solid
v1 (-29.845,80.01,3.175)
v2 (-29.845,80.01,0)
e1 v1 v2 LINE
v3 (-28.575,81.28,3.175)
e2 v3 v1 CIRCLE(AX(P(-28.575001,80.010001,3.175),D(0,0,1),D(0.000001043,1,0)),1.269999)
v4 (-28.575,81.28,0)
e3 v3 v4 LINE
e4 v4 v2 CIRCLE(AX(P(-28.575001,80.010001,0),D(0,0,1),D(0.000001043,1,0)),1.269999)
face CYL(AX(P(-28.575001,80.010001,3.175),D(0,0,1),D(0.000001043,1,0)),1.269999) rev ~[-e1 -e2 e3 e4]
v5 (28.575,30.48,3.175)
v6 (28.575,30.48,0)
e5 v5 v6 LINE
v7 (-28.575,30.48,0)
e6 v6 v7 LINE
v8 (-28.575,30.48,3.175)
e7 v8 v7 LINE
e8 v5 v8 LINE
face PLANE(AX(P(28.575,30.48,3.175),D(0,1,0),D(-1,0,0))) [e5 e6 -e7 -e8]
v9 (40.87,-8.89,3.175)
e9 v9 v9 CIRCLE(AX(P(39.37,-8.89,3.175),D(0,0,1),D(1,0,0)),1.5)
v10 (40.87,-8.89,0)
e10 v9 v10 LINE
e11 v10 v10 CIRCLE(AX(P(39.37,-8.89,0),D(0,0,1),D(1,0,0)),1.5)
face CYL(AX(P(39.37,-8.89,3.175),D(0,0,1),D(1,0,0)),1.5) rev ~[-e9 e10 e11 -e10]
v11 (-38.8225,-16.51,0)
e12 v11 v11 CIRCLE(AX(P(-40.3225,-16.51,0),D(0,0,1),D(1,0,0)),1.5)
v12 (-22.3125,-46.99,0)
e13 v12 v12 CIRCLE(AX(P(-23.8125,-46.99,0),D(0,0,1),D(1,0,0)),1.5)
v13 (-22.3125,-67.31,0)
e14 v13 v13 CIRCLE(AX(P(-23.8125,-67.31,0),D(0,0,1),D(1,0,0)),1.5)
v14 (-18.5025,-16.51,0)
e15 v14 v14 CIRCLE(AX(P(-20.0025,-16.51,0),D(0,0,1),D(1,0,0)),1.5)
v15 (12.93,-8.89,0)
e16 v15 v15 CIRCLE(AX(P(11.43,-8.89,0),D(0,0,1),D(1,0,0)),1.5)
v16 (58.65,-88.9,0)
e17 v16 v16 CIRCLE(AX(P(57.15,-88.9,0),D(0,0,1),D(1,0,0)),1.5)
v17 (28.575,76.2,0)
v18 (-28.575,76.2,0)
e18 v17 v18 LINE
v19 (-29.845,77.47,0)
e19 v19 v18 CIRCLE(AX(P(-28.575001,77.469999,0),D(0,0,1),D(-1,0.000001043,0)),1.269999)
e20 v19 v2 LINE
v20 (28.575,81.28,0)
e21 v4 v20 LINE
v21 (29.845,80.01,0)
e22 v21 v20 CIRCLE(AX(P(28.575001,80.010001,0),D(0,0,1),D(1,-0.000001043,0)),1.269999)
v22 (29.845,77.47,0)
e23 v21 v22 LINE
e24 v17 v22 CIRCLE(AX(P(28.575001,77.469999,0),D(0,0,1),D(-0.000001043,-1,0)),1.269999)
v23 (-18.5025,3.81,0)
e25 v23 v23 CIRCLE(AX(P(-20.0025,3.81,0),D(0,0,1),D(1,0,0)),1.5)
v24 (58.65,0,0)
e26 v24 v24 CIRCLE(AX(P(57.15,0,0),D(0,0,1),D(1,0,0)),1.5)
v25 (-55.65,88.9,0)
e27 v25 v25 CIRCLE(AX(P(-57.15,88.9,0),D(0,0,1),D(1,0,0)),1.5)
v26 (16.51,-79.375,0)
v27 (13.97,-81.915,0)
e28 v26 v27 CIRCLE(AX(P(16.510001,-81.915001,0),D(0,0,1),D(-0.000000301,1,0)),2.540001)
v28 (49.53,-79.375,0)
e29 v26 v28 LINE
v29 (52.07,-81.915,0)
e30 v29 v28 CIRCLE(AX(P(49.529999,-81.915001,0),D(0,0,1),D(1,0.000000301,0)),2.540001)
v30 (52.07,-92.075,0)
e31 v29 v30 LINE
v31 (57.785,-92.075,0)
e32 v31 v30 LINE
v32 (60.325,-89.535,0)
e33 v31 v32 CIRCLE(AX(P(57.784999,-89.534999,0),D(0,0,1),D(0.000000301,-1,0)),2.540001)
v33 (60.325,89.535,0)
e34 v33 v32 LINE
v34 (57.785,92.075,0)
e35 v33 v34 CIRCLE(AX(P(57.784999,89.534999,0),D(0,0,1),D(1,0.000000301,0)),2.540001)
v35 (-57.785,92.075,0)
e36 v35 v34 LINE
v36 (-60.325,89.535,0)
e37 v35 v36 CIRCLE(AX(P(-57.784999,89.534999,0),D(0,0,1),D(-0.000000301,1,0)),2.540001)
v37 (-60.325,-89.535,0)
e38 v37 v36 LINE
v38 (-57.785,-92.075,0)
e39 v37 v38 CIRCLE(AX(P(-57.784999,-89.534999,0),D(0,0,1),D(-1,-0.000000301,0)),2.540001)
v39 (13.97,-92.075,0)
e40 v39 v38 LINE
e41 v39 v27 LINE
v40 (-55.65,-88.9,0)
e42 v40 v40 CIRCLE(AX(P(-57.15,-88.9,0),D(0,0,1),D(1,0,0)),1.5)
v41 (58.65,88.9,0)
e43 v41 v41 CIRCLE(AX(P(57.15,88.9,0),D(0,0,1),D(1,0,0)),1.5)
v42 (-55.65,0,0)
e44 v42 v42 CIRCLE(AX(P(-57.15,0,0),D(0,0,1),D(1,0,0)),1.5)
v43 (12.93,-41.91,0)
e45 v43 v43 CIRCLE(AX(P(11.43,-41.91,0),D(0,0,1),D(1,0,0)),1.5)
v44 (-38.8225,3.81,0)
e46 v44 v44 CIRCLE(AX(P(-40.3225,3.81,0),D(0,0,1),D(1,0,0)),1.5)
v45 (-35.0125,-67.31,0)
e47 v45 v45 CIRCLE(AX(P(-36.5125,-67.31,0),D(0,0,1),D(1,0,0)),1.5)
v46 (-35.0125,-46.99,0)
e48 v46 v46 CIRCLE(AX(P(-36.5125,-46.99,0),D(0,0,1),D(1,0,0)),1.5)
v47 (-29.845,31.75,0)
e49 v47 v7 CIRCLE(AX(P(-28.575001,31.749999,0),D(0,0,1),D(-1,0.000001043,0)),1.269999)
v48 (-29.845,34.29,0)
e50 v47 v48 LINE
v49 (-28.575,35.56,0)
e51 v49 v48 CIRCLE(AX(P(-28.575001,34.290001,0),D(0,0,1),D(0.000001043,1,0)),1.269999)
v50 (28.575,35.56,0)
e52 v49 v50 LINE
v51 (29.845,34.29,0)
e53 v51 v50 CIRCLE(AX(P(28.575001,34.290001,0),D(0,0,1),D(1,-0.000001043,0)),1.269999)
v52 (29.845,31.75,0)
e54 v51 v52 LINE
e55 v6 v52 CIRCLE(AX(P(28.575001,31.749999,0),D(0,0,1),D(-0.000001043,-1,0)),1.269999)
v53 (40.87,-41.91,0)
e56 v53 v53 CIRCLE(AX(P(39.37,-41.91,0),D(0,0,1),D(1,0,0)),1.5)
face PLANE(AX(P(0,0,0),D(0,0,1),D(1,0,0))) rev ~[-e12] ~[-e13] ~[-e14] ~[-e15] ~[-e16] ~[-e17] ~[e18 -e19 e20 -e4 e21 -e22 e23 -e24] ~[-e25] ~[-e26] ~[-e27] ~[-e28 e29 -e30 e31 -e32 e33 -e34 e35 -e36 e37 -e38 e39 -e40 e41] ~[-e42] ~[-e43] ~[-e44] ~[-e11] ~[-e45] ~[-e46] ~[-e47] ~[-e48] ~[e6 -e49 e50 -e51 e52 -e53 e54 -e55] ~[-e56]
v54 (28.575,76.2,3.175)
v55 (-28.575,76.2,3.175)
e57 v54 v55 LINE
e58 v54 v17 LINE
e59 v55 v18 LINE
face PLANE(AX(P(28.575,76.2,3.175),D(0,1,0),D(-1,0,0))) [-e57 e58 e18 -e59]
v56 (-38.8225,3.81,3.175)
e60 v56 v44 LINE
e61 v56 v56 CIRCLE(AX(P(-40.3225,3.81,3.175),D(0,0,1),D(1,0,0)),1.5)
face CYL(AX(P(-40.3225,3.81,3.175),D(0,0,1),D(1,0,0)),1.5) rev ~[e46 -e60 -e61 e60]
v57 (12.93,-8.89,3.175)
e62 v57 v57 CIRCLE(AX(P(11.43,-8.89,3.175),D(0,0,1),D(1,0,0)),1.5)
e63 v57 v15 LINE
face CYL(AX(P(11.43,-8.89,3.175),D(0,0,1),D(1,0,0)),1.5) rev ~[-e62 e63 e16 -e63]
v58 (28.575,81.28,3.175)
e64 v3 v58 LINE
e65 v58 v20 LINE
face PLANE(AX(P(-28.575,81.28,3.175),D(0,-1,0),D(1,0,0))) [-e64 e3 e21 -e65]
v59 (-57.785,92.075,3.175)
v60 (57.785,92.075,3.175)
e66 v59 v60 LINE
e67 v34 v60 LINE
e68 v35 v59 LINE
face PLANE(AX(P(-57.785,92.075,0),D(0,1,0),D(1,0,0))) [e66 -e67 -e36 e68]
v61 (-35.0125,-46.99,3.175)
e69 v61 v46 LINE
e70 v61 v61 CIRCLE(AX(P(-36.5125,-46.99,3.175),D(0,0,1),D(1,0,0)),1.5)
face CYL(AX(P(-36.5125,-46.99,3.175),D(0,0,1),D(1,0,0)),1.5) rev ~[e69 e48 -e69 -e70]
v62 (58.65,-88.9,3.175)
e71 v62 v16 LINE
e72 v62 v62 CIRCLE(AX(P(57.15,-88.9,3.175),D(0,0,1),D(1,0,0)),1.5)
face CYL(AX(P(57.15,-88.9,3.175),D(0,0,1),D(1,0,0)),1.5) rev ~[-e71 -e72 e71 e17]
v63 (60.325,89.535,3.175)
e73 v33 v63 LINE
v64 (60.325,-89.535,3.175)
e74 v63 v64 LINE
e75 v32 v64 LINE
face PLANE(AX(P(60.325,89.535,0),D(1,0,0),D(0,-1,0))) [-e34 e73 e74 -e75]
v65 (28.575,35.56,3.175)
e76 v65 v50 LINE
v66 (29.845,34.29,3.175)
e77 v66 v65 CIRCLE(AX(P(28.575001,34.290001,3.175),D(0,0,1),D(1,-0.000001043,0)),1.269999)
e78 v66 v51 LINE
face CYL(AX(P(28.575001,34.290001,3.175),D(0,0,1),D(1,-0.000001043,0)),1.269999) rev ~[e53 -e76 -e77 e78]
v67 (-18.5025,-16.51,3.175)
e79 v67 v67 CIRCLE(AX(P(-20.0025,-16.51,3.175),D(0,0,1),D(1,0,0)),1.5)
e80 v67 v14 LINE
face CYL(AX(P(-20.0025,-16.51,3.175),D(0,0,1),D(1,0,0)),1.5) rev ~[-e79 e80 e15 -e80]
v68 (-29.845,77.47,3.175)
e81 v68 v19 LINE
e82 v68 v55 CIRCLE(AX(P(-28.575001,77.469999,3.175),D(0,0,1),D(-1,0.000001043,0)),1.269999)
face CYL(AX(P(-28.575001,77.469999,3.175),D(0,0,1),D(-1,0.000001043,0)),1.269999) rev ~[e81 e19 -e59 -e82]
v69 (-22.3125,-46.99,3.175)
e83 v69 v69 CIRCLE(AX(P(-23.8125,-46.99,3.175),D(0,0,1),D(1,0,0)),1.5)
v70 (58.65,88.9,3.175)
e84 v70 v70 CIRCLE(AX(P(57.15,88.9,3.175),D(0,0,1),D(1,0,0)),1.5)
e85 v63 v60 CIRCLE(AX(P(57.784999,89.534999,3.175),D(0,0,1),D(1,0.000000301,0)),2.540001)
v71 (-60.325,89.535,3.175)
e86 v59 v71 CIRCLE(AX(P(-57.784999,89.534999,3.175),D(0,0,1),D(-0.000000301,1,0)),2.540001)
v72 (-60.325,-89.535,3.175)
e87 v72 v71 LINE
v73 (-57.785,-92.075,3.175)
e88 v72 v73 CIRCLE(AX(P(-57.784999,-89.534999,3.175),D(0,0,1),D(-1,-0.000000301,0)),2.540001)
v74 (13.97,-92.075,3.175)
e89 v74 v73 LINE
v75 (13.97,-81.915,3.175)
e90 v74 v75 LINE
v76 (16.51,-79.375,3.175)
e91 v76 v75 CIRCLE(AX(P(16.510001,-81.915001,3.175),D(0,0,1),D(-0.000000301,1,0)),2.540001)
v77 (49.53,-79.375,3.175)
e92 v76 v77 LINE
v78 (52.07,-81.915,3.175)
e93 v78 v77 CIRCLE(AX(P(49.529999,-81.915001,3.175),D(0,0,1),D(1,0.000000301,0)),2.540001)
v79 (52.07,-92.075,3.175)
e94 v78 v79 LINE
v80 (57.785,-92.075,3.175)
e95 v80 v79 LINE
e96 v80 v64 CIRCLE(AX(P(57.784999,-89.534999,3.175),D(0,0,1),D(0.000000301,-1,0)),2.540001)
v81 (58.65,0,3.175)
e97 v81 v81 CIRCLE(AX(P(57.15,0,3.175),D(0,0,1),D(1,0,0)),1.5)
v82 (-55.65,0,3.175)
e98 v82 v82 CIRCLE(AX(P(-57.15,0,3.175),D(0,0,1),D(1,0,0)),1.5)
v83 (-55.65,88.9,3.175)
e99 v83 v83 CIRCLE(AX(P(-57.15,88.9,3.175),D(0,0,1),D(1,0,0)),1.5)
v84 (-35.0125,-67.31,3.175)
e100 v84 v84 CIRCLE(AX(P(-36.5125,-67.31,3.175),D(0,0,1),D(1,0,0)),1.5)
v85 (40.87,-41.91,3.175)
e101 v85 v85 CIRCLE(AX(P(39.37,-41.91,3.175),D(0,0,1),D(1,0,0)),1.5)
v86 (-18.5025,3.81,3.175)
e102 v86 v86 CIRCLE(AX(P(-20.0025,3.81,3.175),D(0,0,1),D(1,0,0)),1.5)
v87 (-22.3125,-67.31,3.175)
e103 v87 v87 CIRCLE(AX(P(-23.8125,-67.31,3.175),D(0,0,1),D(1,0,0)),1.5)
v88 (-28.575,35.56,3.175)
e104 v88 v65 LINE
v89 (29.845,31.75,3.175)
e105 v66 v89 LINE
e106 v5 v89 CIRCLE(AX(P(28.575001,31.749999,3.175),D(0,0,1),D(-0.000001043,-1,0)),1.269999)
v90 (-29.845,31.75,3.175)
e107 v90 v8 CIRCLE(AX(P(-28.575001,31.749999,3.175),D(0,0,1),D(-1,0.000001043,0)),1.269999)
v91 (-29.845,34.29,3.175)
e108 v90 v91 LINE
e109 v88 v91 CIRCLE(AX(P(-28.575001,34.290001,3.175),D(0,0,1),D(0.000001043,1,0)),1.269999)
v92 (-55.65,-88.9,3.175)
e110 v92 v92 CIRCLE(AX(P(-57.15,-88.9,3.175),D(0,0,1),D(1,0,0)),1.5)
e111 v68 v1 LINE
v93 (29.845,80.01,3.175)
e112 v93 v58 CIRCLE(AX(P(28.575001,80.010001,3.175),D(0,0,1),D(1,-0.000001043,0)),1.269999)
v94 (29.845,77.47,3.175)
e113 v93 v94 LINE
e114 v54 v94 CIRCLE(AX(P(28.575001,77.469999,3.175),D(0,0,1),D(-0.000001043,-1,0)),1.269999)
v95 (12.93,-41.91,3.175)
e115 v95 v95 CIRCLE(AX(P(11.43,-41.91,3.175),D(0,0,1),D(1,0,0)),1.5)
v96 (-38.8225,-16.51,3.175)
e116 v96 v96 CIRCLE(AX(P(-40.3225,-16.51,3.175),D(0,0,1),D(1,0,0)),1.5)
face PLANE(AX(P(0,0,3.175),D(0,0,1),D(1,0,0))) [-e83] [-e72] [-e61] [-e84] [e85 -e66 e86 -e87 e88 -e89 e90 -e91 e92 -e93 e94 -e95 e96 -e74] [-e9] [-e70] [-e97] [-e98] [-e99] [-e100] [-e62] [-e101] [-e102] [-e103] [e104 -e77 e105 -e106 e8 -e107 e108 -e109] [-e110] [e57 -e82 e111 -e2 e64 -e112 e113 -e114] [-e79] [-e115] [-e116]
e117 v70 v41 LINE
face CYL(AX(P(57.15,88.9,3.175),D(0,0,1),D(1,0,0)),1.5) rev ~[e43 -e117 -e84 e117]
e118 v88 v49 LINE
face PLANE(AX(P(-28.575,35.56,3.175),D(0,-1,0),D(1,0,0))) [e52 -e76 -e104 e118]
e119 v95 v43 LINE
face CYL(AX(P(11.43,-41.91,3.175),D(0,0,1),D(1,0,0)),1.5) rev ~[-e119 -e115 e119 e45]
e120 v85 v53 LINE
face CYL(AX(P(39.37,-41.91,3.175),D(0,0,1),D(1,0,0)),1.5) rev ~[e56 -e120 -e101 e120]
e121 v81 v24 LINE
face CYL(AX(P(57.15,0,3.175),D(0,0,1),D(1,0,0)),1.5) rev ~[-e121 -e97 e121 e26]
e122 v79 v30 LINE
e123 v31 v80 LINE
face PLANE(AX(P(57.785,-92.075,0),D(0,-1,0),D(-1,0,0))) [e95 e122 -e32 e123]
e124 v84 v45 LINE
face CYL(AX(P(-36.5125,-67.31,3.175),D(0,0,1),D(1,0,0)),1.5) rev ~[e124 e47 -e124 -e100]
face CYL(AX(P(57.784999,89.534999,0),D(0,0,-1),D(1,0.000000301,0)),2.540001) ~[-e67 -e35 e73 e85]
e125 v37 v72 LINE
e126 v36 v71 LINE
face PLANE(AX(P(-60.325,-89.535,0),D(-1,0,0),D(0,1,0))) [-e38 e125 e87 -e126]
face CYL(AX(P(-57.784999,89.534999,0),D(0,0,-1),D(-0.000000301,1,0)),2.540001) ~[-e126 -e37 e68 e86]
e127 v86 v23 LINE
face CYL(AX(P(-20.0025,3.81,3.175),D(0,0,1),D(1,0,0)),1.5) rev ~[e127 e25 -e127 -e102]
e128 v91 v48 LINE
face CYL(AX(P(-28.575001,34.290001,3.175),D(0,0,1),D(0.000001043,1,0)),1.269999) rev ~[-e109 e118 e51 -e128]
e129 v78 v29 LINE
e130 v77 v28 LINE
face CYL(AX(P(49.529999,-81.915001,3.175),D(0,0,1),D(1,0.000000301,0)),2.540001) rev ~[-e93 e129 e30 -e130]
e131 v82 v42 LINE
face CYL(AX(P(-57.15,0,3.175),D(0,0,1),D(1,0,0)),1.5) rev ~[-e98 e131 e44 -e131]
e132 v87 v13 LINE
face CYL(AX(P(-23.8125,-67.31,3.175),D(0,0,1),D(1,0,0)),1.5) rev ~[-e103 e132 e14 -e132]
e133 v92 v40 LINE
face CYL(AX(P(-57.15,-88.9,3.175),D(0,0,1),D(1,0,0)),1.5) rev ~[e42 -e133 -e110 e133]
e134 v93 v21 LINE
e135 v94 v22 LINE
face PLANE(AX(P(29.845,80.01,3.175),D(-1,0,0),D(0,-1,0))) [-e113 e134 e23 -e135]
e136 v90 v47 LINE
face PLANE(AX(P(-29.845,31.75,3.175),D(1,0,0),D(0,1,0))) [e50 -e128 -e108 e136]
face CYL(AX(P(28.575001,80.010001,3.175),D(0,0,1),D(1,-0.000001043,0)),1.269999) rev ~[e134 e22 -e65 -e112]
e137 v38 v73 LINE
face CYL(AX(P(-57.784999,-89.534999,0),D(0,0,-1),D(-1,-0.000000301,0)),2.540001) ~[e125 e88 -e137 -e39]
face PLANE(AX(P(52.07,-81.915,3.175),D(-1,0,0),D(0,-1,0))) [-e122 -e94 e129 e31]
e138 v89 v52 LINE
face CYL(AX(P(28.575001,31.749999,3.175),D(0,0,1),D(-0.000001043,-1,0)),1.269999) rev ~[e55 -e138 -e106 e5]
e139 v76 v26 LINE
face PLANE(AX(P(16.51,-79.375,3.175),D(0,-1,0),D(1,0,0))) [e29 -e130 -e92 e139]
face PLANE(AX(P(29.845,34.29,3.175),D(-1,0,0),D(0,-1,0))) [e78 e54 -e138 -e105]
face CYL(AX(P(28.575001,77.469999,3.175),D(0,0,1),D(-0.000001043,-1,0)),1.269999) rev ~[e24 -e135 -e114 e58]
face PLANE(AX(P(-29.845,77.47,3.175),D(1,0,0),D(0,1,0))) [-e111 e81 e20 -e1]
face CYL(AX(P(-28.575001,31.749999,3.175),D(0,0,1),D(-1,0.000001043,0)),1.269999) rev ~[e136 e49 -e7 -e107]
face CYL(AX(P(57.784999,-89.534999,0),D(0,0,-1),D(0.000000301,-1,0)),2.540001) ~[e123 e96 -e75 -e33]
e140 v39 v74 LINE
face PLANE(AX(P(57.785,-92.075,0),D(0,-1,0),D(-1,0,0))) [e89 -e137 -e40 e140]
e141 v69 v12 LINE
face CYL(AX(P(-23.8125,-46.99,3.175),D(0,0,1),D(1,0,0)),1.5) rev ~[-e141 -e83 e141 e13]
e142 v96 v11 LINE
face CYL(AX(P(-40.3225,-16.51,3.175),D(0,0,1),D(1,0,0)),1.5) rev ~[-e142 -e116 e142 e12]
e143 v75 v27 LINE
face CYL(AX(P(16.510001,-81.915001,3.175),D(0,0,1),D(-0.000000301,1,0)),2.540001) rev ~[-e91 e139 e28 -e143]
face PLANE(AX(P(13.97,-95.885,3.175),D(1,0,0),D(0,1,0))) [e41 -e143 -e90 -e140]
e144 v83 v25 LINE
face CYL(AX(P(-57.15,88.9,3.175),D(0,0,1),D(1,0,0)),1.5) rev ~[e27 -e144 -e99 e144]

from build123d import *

# Parameters (mm, degrees)
PAD_DEPTH       = 3.175
SKETCH001_R     = 1.5
POCKET_DEPTH    = 3.176
POCKET001_DEPTH = 3.176
SKETCH003_R     = 1.5
POCKET002_DEPTH = 5
POCKET003_DEPTH = 3.176
SKETCH005_R     = 1.5
POCKET004_DEPTH = 3.176
SKETCH006_R     = 1.5
POCKET005_DEPTH = 3.176


with BuildPart() as part:
    # Sketch → Pad (new body)
    with BuildSketch(Plane.XY):
        with BuildLine():
            ThreePointArc((-57.785, 92.075), (-59.581051, 91.331051), (-60.325, 89.535))
            Line((-60.325, -89.535), (-60.325, 89.535))
            ThreePointArc((-60.325, -89.535), (-59.581051, -91.331051), (-57.785, -92.075))
            Line((57.785, -92.075), (-57.785, -92.075))
            ThreePointArc((57.785, -92.075), (59.581051, -91.331051), (60.325, -89.535))
            Line((60.325, 89.535), (60.325, -89.535))
            ThreePointArc((60.325, 89.535), (59.581051, 91.331051), (57.785, 92.075))
            Line((-57.785, 92.075), (57.785, 92.075))
        make_face()
    extrude(amount=PAD_DEPTH)

    # Sketch001 (on DatumPlane) → Pocket (cut, through all)
    with BuildSketch(Plane.XY.offset(3.175)):
        with Locations((-57.15, 88.9)):
            Circle(SKETCH001_R)
        with Locations((57.15, 88.9)):
            Circle(SKETCH001_R)
        with Locations((-57.15, -88.9)):
            Circle(SKETCH001_R)
        with Locations((57.15, -88.9)):
            Circle(SKETCH001_R)
        with Locations((-57.15, 0)):
            Circle(SKETCH001_R)
        with Locations((57.15, 0)):
            Circle(SKETCH001_R)
    extrude(amount=-POCKET_DEPTH, mode=Mode.SUBTRACT)

    # Sketch002 (on DatumPlane) → Pocket001 (cut, through all)
    with BuildSketch(Plane.XY.offset(3.175)):
        with BuildLine():
            ThreePointArc((-28.575, 81.28), (-29.473026, 80.908026), (-29.845, 80.01))
            Line((-29.845, 77.47), (-29.845, 80.01))
            ThreePointArc((-29.845, 77.47), (-29.473026, 76.571974), (-28.575, 76.2))
            Line((28.575, 76.2), (-28.575, 76.2))
            ThreePointArc((28.575, 76.2), (29.473026, 76.571974), (29.845, 77.47))
            Line((29.845, 80.01), (29.845, 77.47))
            ThreePointArc((29.845, 80.01), (29.473026, 80.908026), (28.575, 81.28))
            Line((-28.575, 81.28), (28.575, 81.28))
        make_face()
        with BuildLine():
            ThreePointArc((-28.575, 35.56), (-29.473026, 35.188026), (-29.845, 34.29))
            Line((-29.845, 31.75), (-29.845, 34.29))
            ThreePointArc((-29.845, 31.75), (-29.473026, 30.851974), (-28.575, 30.48))
            Line((28.575, 30.48), (-28.575, 30.48))
            ThreePointArc((28.575, 30.48), (29.473026, 30.851974), (29.845, 31.75))
            Line((29.845, 34.29), (29.845, 31.75))
            ThreePointArc((29.845, 34.29), (29.473026, 35.188026), (28.575, 35.56))
            Line((-28.575, 35.56), (28.575, 35.56))
        make_face()
    extrude(amount=-POCKET001_DEPTH, mode=Mode.SUBTRACT)

    # Sketch003 (on DatumPlane) → Pocket002 (cut)
    with BuildSketch(Plane.XY.offset(3.175)):
        with Locations((11.43, -8.89)):
            Circle(SKETCH003_R)
        with Locations((39.37, -8.89)):
            Circle(SKETCH003_R)
        with Locations((11.43, -41.91)):
            Circle(SKETCH003_R)
        with Locations((39.37, -41.91)):
            Circle(SKETCH003_R)
    extrude(amount=-POCKET002_DEPTH, mode=Mode.SUBTRACT)

    # Sketch004 (on DatumPlane) → Pocket003 (cut, through all)
    with BuildSketch(Plane.XY.offset(3.175)):
        with BuildLine():
            Line((13.97, -92.075), (13.97, -81.915))
            ThreePointArc((16.51, -79.375), (14.713949, -80.118949), (13.97, -81.915))
            Line((16.51, -79.375), (49.53, -79.375))
            ThreePointArc((52.07, -81.915), (51.326051, -80.118949), (49.53, -79.375))
            Line((52.07, -81.915), (52.07, -92.075))
            Line((52.07, -92.075), (52.07, -95.885))
            ThreePointArc((49.53, -98.425), (51.326051, -97.681051), (52.07, -95.885))
            Line((49.53, -98.425), (16.51, -98.425))
            ThreePointArc((13.97, -95.885), (14.713949, -97.681051), (16.51, -98.425))
            Line((13.97, -95.885), (13.97, -92.075))
        make_face()
    extrude(amount=-POCKET003_DEPTH, mode=Mode.SUBTRACT)

    # Sketch005 (on DatumPlane) → Pocket004 (cut, through all)
    with BuildSketch(Plane.XY.offset(3.175)):
        with Locations((-40.3225, 3.81)):
            Circle(SKETCH005_R)
        with Locations((-20.0025, 3.81)):
            Circle(SKETCH005_R)
        with Locations((-40.3225, -16.51)):
            Circle(SKETCH005_R)
        with Locations((-20.0025, -16.51)):
            Circle(SKETCH005_R)
    extrude(amount=-POCKET004_DEPTH, mode=Mode.SUBTRACT)

    # Sketch006 (on DatumPlane) → Pocket005 (cut, through all)
    with BuildSketch(Plane.XY.offset(3.175)):
        with Locations((-36.5125, -46.99)):
            Circle(SKETCH006_R)
        with Locations((-23.8125, -46.99)):
            Circle(SKETCH006_R)
        with Locations((-36.5125, -67.31)):
            Circle(SKETCH006_R)
        with Locations((-23.8125, -67.31)):
            Circle(SKETCH006_R)
    extrude(amount=-POCKET005_DEPTH, mode=Mode.SUBTRACT)


solid = part.part
